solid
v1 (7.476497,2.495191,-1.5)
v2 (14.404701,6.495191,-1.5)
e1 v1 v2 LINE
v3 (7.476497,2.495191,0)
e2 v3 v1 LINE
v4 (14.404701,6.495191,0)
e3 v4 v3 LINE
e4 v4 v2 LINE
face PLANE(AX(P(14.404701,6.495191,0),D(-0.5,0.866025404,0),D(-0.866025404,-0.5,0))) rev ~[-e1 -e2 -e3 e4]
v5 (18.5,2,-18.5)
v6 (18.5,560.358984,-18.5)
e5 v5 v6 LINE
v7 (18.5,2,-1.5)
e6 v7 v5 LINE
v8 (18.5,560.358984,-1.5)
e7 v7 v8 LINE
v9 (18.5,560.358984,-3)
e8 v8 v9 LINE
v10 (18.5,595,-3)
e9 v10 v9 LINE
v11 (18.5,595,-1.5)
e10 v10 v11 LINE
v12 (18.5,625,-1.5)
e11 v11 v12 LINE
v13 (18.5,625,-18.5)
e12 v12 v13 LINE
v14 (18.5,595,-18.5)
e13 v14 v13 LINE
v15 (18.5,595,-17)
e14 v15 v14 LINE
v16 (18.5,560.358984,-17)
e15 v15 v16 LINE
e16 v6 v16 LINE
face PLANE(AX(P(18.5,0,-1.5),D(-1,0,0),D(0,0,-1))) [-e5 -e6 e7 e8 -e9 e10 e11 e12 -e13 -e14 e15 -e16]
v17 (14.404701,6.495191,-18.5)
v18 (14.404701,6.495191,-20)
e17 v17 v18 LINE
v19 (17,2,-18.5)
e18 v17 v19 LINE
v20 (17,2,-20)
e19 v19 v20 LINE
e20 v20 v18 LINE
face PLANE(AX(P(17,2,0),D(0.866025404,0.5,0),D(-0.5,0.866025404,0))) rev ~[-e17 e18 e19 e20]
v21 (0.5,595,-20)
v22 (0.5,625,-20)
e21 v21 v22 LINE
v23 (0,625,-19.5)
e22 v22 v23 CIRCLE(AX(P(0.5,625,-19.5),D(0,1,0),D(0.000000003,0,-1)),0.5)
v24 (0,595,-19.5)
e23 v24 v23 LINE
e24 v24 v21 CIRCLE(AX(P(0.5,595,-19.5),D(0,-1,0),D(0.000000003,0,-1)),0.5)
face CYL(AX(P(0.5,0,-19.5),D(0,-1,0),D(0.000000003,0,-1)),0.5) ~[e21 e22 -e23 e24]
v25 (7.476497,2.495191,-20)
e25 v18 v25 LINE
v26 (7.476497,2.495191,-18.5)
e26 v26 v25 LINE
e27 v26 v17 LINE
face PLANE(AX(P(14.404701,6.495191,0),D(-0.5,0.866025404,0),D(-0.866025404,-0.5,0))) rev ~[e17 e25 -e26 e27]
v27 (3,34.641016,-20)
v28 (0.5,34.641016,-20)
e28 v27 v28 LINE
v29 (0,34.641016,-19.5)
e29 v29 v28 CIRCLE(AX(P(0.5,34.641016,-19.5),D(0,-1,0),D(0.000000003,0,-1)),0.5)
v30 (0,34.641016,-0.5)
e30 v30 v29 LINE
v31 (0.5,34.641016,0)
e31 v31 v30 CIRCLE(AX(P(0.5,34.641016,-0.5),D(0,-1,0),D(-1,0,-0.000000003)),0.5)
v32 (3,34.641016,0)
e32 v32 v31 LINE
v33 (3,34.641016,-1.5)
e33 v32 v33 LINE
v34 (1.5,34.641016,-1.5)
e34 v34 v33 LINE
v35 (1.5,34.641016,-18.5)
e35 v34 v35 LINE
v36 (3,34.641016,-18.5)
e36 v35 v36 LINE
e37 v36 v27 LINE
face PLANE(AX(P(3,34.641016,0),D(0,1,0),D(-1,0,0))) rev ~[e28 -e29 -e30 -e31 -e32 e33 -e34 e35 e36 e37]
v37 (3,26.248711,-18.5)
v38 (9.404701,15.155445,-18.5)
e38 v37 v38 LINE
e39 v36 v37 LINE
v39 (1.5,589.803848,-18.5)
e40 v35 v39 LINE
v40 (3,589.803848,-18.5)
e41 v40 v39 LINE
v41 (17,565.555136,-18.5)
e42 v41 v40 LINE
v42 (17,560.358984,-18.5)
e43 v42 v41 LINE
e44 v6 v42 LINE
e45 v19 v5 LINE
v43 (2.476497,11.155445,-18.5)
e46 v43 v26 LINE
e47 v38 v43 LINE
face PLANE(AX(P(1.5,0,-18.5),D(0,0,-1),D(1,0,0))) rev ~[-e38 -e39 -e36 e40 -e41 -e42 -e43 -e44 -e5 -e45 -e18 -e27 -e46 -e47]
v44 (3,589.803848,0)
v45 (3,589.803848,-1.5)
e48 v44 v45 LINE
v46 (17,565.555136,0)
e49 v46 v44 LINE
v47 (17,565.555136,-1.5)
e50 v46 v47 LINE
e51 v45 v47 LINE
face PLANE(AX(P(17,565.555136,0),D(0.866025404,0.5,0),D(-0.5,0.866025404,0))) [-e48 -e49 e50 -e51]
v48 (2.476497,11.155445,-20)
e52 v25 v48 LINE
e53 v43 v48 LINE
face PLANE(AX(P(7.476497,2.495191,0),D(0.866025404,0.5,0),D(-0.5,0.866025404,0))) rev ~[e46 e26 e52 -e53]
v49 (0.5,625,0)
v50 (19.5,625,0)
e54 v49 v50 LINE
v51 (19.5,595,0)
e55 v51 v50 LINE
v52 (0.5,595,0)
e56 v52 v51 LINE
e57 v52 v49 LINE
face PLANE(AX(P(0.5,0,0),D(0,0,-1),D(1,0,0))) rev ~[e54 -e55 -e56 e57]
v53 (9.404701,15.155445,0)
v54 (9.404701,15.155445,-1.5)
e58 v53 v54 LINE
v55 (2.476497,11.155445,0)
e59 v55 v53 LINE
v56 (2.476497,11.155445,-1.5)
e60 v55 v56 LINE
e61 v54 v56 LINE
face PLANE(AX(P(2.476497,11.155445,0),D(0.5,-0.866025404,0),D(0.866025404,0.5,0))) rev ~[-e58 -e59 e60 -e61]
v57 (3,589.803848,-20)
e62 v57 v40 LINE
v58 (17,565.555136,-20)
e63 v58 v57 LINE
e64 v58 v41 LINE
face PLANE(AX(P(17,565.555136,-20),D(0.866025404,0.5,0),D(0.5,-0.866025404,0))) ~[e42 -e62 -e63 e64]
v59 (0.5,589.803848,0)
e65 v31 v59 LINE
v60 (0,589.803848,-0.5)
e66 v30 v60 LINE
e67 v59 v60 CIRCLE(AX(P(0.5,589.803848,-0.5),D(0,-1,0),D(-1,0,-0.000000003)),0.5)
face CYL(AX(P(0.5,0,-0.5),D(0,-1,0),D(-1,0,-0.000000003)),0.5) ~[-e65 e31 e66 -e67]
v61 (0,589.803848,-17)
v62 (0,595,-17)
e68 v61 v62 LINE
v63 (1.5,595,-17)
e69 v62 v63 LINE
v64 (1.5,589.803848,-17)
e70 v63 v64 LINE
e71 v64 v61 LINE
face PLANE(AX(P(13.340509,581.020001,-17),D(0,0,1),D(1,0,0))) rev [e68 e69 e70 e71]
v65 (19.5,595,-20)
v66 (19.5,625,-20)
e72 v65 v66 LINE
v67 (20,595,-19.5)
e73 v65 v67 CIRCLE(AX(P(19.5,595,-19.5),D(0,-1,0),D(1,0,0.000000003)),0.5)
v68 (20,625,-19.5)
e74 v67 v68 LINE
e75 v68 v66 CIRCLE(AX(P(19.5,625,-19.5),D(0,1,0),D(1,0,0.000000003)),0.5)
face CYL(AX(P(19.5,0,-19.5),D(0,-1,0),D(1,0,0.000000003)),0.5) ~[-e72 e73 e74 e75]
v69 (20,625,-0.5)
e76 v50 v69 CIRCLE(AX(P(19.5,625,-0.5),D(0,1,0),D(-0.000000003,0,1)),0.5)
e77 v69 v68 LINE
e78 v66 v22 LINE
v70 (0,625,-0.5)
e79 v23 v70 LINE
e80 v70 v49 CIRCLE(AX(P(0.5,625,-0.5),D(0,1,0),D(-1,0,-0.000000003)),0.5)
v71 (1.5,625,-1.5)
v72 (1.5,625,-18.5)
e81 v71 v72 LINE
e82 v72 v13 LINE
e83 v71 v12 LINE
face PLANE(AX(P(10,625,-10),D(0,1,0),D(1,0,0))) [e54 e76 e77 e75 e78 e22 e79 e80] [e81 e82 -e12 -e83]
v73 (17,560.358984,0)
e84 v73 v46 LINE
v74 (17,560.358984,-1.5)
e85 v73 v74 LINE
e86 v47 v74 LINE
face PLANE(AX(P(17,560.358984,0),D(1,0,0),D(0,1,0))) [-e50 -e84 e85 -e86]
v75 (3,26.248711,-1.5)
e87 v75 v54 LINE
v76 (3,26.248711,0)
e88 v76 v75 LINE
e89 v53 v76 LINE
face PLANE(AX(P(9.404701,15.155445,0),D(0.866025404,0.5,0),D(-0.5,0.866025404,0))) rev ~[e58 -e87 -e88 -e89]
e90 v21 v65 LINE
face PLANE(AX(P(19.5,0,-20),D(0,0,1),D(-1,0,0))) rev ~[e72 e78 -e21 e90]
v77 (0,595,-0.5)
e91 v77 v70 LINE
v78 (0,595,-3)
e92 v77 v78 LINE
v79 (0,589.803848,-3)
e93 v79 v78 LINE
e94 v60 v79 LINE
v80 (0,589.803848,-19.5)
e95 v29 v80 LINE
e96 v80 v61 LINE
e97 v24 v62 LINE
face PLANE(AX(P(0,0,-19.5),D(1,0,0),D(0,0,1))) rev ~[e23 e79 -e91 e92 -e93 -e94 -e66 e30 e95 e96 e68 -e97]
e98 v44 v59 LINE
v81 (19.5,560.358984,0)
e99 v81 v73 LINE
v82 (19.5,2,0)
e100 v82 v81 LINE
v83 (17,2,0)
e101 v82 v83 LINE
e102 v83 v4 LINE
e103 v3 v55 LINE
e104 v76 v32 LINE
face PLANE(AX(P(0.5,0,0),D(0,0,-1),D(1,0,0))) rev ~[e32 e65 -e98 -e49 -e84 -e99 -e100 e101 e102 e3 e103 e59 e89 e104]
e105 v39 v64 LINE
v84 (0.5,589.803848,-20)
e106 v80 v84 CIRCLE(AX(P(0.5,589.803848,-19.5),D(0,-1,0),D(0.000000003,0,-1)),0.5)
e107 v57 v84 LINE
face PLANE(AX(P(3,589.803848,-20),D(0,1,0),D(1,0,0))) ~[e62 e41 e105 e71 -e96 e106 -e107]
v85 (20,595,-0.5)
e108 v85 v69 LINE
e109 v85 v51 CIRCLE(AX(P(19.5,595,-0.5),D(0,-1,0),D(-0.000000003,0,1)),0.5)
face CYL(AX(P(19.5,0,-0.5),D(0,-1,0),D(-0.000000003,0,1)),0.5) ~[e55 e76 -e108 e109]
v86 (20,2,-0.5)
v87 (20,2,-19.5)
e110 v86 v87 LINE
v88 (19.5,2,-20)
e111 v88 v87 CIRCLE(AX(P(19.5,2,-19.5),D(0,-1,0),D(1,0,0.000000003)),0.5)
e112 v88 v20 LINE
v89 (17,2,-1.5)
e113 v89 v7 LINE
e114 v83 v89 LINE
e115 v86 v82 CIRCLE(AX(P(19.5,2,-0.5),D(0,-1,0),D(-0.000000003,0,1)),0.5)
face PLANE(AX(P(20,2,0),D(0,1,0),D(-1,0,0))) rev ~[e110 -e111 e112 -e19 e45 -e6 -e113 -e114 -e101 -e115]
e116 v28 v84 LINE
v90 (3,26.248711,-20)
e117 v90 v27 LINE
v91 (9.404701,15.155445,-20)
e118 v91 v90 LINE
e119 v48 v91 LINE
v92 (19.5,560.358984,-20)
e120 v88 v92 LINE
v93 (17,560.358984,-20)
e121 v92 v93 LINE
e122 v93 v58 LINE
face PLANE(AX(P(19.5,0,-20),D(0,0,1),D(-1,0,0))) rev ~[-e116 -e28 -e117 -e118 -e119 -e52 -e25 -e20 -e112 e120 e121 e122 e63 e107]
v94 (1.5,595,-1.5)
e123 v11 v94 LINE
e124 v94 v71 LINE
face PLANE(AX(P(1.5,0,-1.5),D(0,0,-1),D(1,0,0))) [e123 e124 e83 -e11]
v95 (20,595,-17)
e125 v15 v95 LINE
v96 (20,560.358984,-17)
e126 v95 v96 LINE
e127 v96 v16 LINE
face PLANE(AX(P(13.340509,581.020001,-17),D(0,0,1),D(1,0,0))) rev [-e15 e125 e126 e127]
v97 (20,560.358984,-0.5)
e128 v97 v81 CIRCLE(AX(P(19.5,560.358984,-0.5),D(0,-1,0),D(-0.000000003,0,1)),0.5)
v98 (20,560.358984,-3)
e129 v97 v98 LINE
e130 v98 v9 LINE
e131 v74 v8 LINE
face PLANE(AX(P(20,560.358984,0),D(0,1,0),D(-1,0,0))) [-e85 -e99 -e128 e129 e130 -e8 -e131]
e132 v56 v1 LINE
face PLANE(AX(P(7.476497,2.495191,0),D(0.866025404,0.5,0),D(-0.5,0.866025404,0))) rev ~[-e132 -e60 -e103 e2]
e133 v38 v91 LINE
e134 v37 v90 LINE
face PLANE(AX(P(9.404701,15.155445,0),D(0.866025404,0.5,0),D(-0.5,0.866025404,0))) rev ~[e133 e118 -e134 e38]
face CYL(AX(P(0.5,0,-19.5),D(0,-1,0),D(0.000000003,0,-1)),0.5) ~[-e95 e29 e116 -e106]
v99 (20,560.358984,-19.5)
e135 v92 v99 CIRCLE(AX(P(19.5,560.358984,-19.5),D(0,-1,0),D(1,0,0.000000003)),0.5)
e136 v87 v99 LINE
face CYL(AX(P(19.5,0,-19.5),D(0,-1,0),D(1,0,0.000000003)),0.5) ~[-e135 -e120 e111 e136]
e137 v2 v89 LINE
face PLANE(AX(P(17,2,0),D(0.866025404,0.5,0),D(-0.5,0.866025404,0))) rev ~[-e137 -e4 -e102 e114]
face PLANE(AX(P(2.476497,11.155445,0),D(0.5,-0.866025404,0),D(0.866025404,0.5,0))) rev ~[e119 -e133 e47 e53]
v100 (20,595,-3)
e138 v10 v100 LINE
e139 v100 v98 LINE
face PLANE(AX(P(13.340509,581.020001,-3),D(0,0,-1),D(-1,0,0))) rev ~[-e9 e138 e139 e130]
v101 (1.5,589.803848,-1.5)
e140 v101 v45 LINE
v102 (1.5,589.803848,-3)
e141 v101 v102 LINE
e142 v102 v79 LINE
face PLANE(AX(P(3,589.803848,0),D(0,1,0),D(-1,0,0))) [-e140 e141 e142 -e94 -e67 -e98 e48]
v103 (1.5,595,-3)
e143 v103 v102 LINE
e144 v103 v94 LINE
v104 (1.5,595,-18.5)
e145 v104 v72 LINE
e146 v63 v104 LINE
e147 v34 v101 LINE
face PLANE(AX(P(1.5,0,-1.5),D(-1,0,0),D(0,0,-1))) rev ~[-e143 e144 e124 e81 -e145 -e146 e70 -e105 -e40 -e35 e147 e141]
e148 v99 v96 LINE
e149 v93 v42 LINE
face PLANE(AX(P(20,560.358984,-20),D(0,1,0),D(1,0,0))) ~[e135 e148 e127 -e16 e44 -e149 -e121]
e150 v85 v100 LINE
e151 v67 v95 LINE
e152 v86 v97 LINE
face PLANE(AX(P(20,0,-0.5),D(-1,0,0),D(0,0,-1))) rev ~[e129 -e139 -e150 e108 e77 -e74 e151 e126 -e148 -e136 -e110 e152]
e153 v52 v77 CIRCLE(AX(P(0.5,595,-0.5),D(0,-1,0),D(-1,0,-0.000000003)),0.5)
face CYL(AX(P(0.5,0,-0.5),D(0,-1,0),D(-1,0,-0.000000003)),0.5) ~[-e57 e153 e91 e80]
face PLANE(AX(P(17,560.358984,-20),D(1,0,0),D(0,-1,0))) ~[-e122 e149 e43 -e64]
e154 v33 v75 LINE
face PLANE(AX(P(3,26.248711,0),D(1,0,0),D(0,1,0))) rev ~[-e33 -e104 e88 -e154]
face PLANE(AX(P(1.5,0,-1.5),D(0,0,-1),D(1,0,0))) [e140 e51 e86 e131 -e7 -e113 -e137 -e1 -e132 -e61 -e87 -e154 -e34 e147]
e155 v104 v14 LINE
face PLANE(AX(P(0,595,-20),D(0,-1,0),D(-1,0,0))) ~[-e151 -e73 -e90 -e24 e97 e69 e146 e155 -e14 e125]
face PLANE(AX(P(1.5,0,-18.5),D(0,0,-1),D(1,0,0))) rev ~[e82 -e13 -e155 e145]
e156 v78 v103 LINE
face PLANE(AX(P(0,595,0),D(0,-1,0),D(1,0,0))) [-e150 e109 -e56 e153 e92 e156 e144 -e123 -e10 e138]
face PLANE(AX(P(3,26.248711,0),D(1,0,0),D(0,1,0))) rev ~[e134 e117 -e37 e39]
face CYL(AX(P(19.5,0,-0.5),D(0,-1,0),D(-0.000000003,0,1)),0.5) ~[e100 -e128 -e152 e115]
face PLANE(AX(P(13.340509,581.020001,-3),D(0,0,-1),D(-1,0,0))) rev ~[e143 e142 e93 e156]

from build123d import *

# Parameters (mm, degrees)
SKETCH1_W           = 17
SKETCH1_H           = 17
BOSS_EXTRUDE1_DEPTH = 625
CUT_EXTRUDE1_DEPTH  = 626.639672655
CUT_EXTRUDE9_DEPTH  = 3


with BuildPart() as part:
    # Sketch1 → Boss-Extrude1 (new body)
    with BuildSketch(Plane(origin=(0, 0, 0), x_dir=(1, 0, 0), z_dir=(0, 1, 0))):
        with BuildLine():
            Line((0.5, 0), (19.5, 0))
            ThreePointArc((19.5, 0), (19.853553391, 0.146446609), (20, 0.5))
            Line((20, 0.5), (20, 19.5))
            ThreePointArc((20, 19.5), (19.853553391, 19.853553391), (19.5, 20))
            Line((19.5, 20), (0.5, 20))
            ThreePointArc((0.5, 20), (0.146446609, 19.853553391), (0, 19.5))
            Line((0, 19.5), (0, 0.5))
            ThreePointArc((0, 0.5), (0.146446609, 0.146446609), (0.5, 0))
        make_face()
        with Locations((10, 10)):
            Rectangle(SKETCH1_W, SKETCH1_H, mode=Mode.SUBTRACT)
    extrude(amount=BOSS_EXTRUDE1_DEPTH)

    # Sketch2 → Cut-Extrude1 (cut, through all)
    with BuildSketch(Plane.XY):
        Polygon((9.404700538, 15.155444566), (3, 26.248711306), (3, 34.641016151), (0, 34.641016151), (0, 0), (20, 0), (20, 2), (17, 2), (14.404700538, 6.495190528), (7.476497308, 2.495190528), (2.476497308, 11.155444566), align=None)
    extrude(amount=-CUT_EXTRUDE1_DEPTH, mode=Mode.SUBTRACT)

    # Sketch4 → Cut-Extrude9 (cut)
    with BuildSketch(Plane.XY):
        Polygon((20, 595), (20, 560.358983849), (17, 560.358983849), (17, 565.555136271), (3, 589.803847577), (0, 589.803847577), (0, 595), align=None)
    cut_extrude9 = extrude(amount=-CUT_EXTRUDE9_DEPTH, mode=Mode.SUBTRACT)

    # Mirror2: Cut-Extrude9 across plane
    add(cut_extrude9.mirror(Plane.XY.offset(-10)), mode=Mode.SUBTRACT)


solid = part.part
